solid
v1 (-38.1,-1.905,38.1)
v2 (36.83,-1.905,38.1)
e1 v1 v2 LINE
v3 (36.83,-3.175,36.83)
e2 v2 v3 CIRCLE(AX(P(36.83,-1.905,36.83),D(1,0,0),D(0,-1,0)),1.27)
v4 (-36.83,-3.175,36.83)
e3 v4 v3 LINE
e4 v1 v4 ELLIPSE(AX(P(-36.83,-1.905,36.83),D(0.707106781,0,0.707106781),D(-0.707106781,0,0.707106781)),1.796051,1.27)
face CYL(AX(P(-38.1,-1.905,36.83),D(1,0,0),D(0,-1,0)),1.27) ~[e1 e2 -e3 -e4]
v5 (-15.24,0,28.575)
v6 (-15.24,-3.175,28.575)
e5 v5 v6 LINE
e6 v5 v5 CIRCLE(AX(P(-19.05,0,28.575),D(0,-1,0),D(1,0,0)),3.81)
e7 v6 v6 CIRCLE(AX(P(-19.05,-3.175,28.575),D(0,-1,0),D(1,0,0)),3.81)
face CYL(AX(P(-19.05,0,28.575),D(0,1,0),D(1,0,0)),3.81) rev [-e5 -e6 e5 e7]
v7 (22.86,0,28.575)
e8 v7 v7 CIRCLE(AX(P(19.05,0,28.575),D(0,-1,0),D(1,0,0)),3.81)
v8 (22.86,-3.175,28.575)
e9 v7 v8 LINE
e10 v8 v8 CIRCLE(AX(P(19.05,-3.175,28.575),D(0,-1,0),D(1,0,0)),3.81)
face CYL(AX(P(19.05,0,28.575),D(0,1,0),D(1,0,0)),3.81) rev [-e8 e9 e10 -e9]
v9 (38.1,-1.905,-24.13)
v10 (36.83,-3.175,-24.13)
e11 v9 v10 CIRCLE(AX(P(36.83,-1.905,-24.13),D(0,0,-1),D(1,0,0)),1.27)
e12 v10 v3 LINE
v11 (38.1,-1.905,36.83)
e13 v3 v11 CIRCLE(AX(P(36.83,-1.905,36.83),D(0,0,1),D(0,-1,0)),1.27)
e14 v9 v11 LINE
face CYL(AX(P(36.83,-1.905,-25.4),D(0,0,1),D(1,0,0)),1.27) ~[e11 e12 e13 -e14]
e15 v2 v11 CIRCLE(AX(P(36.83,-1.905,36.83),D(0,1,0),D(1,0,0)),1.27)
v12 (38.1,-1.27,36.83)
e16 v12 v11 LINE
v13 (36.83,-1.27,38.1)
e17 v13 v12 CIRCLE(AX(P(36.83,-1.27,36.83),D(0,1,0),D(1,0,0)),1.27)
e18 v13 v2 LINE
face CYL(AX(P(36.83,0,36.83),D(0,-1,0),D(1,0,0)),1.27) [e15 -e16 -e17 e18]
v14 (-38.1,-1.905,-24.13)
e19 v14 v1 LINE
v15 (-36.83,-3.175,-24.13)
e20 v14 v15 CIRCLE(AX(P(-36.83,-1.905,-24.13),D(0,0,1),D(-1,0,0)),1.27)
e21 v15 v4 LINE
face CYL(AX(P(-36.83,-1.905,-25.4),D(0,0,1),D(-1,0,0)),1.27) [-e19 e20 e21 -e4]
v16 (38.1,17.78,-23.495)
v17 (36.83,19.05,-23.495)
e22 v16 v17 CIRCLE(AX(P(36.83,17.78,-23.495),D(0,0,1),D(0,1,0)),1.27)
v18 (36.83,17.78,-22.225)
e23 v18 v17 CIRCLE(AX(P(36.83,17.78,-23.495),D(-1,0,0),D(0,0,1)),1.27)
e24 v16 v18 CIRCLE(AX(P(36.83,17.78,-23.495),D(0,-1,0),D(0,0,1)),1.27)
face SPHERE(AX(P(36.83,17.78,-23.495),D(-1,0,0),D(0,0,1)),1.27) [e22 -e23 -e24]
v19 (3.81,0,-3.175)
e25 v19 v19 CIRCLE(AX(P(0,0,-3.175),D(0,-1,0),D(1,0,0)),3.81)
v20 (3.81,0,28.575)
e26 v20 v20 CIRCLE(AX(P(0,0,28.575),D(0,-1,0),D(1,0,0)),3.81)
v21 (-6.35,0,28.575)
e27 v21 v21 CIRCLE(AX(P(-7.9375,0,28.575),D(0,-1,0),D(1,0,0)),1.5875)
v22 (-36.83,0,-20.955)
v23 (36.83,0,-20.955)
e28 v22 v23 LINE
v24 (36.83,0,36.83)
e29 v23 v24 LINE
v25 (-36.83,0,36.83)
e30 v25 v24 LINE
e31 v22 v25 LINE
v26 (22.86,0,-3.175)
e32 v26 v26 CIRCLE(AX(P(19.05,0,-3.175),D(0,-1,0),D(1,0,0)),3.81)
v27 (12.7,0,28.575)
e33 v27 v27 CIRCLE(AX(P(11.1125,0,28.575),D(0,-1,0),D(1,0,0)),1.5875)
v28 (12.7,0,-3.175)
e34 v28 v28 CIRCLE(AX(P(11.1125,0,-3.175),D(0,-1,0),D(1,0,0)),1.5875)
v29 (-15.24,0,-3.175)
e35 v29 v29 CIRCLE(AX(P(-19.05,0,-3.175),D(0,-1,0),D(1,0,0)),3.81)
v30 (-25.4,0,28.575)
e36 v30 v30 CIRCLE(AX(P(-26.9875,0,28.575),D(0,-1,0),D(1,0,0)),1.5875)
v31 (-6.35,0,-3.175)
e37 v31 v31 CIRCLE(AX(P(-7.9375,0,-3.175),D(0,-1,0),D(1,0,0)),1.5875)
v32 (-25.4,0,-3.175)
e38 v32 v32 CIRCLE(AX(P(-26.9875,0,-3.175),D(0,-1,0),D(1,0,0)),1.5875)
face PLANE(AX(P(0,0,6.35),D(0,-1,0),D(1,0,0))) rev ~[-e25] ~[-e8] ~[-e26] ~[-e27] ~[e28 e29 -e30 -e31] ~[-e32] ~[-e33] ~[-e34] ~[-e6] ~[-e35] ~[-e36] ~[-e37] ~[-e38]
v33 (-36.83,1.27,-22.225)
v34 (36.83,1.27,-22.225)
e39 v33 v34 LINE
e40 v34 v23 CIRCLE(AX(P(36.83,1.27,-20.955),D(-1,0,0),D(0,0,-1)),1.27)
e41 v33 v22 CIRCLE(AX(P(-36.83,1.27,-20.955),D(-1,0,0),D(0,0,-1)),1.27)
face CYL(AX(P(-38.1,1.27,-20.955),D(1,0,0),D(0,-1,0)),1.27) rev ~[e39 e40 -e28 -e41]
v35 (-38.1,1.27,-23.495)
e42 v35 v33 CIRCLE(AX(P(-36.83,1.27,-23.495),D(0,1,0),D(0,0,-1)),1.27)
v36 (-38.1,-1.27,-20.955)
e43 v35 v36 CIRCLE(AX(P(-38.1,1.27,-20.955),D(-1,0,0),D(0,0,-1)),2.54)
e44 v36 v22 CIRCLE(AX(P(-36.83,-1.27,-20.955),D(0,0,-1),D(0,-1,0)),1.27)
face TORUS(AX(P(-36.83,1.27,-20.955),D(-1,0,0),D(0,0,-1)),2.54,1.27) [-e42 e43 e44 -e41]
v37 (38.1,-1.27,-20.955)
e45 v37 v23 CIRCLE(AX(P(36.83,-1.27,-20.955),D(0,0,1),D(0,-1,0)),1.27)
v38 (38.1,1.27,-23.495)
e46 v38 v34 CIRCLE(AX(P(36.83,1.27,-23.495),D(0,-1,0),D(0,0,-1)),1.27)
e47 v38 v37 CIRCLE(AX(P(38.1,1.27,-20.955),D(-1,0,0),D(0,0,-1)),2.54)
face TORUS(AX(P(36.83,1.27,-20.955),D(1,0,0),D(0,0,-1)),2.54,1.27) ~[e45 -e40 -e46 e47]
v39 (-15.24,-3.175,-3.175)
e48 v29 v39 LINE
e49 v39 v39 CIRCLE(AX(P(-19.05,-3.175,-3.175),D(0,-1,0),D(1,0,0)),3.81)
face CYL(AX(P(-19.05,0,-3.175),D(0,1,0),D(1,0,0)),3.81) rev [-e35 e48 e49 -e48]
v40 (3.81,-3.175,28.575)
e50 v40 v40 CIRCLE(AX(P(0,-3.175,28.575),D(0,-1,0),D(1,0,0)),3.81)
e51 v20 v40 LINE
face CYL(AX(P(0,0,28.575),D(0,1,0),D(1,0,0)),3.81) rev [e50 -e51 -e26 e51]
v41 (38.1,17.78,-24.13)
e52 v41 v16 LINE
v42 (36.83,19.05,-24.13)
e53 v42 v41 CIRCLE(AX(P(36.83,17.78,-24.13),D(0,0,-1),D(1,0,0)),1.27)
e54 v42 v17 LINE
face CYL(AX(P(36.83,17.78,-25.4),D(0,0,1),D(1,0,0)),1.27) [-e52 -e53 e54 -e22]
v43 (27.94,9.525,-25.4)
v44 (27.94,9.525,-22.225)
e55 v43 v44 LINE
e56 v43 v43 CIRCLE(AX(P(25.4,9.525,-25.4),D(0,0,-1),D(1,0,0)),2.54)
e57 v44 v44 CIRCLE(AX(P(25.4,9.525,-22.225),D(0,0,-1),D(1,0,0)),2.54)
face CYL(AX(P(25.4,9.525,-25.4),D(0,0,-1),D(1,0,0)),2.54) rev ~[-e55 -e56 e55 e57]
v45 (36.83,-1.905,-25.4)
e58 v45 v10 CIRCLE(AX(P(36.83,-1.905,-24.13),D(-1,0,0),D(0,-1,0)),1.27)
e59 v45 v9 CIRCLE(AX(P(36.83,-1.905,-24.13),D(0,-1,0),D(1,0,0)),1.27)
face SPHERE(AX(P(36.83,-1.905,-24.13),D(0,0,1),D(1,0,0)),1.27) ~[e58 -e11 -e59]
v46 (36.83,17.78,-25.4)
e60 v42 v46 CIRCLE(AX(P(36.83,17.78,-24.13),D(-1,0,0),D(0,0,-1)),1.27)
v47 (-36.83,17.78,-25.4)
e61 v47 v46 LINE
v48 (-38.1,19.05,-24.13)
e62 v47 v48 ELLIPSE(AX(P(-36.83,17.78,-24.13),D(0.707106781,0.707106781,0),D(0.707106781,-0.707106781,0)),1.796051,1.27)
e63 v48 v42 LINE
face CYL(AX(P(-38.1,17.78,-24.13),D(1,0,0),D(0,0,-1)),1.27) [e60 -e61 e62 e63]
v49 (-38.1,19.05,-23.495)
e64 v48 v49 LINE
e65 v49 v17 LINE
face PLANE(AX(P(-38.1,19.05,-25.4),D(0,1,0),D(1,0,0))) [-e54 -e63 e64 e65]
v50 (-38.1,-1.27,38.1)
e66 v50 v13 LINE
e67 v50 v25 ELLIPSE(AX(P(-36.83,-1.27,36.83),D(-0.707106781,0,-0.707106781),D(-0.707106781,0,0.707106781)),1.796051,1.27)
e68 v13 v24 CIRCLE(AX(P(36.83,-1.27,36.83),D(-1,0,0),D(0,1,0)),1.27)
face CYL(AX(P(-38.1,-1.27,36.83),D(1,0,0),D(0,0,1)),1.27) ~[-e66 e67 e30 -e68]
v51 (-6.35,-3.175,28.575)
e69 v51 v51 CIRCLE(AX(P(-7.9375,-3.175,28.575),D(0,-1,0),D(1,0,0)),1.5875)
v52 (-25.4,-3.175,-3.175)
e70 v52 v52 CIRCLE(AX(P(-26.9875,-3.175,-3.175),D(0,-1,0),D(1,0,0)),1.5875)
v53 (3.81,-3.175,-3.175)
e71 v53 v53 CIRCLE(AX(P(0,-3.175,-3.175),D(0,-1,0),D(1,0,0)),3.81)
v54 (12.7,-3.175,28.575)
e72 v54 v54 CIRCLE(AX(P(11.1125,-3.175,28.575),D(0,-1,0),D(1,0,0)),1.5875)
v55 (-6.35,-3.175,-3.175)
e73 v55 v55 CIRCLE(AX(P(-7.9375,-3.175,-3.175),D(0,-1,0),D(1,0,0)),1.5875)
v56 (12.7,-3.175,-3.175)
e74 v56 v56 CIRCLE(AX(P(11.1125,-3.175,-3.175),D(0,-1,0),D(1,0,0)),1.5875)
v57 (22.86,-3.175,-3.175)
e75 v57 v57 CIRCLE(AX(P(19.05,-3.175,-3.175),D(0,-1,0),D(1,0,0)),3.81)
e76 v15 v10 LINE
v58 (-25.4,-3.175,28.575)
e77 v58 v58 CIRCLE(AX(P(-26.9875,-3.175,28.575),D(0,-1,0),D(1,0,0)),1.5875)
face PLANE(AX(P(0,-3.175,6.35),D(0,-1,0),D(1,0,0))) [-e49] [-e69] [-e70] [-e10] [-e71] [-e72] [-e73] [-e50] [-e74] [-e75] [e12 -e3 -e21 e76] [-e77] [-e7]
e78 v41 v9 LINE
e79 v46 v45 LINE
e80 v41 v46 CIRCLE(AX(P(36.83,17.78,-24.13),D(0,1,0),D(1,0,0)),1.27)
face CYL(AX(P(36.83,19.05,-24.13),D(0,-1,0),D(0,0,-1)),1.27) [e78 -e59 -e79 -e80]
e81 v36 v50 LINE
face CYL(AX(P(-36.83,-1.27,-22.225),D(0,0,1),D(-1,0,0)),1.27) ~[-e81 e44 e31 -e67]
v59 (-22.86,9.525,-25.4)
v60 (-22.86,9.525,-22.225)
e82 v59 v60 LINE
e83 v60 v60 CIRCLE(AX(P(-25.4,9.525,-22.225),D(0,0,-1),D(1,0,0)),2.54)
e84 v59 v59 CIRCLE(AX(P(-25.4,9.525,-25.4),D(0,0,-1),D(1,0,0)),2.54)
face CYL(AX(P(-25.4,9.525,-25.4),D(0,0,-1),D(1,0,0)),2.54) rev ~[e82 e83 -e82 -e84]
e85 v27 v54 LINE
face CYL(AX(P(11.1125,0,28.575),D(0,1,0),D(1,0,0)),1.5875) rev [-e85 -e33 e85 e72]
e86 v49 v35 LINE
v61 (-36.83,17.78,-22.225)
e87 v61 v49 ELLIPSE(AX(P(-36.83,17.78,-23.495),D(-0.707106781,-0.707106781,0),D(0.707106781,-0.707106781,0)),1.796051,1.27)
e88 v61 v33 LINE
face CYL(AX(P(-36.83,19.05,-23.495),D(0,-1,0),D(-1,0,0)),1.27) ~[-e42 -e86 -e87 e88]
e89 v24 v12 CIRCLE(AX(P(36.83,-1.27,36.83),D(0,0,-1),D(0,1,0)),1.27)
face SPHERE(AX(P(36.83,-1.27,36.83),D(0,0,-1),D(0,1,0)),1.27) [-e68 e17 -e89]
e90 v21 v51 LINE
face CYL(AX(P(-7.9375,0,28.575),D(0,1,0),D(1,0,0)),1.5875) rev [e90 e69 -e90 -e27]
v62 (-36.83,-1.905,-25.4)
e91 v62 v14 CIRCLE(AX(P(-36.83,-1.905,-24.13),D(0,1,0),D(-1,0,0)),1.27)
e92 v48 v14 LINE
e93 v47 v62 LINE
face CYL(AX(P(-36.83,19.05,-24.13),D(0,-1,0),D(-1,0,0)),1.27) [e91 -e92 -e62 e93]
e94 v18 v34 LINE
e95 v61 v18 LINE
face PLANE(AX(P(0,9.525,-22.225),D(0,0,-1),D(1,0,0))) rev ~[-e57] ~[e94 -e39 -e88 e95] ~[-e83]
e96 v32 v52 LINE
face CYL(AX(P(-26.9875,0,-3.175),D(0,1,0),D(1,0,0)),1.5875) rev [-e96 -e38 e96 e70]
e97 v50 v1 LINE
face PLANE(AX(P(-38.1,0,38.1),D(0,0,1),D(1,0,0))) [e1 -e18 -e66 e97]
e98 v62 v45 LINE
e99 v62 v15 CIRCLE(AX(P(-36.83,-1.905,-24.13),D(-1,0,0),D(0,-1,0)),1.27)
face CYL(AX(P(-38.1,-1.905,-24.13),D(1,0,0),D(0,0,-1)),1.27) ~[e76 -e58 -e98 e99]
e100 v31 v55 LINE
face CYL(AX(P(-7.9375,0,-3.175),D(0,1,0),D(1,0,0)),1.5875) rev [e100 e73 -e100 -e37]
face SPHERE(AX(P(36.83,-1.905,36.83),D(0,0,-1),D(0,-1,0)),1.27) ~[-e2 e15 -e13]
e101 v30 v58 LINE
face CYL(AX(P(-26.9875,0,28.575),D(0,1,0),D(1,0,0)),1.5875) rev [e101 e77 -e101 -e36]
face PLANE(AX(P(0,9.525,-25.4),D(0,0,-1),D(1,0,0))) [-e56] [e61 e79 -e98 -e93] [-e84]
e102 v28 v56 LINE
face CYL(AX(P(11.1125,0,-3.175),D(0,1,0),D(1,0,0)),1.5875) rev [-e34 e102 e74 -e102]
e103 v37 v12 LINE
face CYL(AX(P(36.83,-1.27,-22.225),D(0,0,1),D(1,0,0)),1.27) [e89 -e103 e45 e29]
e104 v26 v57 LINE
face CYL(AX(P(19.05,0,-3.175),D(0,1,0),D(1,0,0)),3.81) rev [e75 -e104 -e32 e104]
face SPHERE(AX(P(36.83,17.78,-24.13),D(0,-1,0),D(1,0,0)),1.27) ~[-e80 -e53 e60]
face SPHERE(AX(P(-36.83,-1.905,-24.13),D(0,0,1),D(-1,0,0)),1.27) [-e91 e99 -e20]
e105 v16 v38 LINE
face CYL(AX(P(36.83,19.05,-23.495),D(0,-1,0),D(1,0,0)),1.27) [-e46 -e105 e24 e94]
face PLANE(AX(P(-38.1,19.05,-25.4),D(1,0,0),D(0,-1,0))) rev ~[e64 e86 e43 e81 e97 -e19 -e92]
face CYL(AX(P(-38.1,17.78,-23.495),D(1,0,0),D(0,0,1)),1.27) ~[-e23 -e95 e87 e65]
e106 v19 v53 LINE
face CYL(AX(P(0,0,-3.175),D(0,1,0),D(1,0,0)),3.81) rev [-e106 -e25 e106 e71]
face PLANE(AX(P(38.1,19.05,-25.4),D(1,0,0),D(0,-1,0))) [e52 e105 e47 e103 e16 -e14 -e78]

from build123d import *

# Parameters (mm, degrees)
F0_W     = 76.2
F0_H     = 63.5
F0_R     = 1.5875
F0_R_2   = 3.81
F1_DEPTH = 3.175
F3_W     = 76.2
F3_H     = 19.05
F3_R     = 2.54
F4_DEPTH = 3.175
F5_R     = 1.27


with BuildPart() as f1:
    # F0 (on Front) → F1 (new body)
    with BuildSketch(Plane.XZ):
        with Locations((0, 6.35)):
            Rectangle(F0_W, F0_H)
        with Locations((-26.9875, -3.175)):
            Circle(F0_R, mode=Mode.SUBTRACT)
        with Locations((-19.05, -3.175)):
            Circle(F0_R_2, mode=Mode.SUBTRACT)
        with Locations((-7.9375, -3.175)):
            Circle(F0_R, mode=Mode.SUBTRACT)
        with Locations((0, -3.175)):
            Circle(F0_R_2, mode=Mode.SUBTRACT)
        with Locations((11.1125, -3.175)):
            Circle(F0_R, mode=Mode.SUBTRACT)
        with Locations((19.05, -3.175)):
            Circle(F0_R_2, mode=Mode.SUBTRACT)
        with Locations((-26.9875, 28.575)):
            Circle(F0_R, mode=Mode.SUBTRACT)
        with Locations((-19.05, 28.575)):
            Circle(F0_R_2, mode=Mode.SUBTRACT)
        with Locations((-7.9375, 28.575)):
            Circle(F0_R, mode=Mode.SUBTRACT)
        with Locations((0, 28.575)):
            Circle(F0_R_2, mode=Mode.SUBTRACT)
        with Locations((11.1125, 28.575)):
            Circle(F0_R, mode=Mode.SUBTRACT)
        with Locations((19.05, 28.575)):
            Circle(F0_R_2, mode=Mode.SUBTRACT)
    extrude(amount=F1_DEPTH)

    # F3 (on face) → F4 (join)
    with BuildSketch(Plane(origin=(0, 0, -25.4), x_dir=(1, 0, 0), z_dir=(0, 0, -1))):
        with Locations((0, -9.525)):
            Rectangle(F3_W, F3_H)
        with Locations((-25.4, -9.525)):
            Circle(F3_R, mode=Mode.SUBTRACT)
        with Locations((25.4, -9.525)):
            Circle(F3_R, mode=Mode.SUBTRACT)
    extrude(amount=-F4_DEPTH)

    # F5
    f5_edges = [f1.edges().sort_by_distance(p)[0] for p in [
        (38.1, -3.175, 6.35),
        (38.1, 0, 7.9375),
        (-38.1, -3.175, 6.35),
        (-38.1, 0, 7.9375),
        (0, 0, 38.1),
        (0, -3.175, 38.1),
        (0, 0, -22.225),
        (0, 19.05, -22.225),
        (38.1, 7.9375, -25.4),
        (38.1, -1.5875, 38.1),
        (38.1, 9.525, -22.225),
        (38.1, 19.05, -23.8125),
        (0, 19.05, -25.4),
        (-38.1, 7.9375, -25.4),
        (0, -3.175, -25.4),
        (-38.1, 9.525, -22.225),
    ]]
    fillet(f5_edges, radius=F5_R)


solid = f1.part
